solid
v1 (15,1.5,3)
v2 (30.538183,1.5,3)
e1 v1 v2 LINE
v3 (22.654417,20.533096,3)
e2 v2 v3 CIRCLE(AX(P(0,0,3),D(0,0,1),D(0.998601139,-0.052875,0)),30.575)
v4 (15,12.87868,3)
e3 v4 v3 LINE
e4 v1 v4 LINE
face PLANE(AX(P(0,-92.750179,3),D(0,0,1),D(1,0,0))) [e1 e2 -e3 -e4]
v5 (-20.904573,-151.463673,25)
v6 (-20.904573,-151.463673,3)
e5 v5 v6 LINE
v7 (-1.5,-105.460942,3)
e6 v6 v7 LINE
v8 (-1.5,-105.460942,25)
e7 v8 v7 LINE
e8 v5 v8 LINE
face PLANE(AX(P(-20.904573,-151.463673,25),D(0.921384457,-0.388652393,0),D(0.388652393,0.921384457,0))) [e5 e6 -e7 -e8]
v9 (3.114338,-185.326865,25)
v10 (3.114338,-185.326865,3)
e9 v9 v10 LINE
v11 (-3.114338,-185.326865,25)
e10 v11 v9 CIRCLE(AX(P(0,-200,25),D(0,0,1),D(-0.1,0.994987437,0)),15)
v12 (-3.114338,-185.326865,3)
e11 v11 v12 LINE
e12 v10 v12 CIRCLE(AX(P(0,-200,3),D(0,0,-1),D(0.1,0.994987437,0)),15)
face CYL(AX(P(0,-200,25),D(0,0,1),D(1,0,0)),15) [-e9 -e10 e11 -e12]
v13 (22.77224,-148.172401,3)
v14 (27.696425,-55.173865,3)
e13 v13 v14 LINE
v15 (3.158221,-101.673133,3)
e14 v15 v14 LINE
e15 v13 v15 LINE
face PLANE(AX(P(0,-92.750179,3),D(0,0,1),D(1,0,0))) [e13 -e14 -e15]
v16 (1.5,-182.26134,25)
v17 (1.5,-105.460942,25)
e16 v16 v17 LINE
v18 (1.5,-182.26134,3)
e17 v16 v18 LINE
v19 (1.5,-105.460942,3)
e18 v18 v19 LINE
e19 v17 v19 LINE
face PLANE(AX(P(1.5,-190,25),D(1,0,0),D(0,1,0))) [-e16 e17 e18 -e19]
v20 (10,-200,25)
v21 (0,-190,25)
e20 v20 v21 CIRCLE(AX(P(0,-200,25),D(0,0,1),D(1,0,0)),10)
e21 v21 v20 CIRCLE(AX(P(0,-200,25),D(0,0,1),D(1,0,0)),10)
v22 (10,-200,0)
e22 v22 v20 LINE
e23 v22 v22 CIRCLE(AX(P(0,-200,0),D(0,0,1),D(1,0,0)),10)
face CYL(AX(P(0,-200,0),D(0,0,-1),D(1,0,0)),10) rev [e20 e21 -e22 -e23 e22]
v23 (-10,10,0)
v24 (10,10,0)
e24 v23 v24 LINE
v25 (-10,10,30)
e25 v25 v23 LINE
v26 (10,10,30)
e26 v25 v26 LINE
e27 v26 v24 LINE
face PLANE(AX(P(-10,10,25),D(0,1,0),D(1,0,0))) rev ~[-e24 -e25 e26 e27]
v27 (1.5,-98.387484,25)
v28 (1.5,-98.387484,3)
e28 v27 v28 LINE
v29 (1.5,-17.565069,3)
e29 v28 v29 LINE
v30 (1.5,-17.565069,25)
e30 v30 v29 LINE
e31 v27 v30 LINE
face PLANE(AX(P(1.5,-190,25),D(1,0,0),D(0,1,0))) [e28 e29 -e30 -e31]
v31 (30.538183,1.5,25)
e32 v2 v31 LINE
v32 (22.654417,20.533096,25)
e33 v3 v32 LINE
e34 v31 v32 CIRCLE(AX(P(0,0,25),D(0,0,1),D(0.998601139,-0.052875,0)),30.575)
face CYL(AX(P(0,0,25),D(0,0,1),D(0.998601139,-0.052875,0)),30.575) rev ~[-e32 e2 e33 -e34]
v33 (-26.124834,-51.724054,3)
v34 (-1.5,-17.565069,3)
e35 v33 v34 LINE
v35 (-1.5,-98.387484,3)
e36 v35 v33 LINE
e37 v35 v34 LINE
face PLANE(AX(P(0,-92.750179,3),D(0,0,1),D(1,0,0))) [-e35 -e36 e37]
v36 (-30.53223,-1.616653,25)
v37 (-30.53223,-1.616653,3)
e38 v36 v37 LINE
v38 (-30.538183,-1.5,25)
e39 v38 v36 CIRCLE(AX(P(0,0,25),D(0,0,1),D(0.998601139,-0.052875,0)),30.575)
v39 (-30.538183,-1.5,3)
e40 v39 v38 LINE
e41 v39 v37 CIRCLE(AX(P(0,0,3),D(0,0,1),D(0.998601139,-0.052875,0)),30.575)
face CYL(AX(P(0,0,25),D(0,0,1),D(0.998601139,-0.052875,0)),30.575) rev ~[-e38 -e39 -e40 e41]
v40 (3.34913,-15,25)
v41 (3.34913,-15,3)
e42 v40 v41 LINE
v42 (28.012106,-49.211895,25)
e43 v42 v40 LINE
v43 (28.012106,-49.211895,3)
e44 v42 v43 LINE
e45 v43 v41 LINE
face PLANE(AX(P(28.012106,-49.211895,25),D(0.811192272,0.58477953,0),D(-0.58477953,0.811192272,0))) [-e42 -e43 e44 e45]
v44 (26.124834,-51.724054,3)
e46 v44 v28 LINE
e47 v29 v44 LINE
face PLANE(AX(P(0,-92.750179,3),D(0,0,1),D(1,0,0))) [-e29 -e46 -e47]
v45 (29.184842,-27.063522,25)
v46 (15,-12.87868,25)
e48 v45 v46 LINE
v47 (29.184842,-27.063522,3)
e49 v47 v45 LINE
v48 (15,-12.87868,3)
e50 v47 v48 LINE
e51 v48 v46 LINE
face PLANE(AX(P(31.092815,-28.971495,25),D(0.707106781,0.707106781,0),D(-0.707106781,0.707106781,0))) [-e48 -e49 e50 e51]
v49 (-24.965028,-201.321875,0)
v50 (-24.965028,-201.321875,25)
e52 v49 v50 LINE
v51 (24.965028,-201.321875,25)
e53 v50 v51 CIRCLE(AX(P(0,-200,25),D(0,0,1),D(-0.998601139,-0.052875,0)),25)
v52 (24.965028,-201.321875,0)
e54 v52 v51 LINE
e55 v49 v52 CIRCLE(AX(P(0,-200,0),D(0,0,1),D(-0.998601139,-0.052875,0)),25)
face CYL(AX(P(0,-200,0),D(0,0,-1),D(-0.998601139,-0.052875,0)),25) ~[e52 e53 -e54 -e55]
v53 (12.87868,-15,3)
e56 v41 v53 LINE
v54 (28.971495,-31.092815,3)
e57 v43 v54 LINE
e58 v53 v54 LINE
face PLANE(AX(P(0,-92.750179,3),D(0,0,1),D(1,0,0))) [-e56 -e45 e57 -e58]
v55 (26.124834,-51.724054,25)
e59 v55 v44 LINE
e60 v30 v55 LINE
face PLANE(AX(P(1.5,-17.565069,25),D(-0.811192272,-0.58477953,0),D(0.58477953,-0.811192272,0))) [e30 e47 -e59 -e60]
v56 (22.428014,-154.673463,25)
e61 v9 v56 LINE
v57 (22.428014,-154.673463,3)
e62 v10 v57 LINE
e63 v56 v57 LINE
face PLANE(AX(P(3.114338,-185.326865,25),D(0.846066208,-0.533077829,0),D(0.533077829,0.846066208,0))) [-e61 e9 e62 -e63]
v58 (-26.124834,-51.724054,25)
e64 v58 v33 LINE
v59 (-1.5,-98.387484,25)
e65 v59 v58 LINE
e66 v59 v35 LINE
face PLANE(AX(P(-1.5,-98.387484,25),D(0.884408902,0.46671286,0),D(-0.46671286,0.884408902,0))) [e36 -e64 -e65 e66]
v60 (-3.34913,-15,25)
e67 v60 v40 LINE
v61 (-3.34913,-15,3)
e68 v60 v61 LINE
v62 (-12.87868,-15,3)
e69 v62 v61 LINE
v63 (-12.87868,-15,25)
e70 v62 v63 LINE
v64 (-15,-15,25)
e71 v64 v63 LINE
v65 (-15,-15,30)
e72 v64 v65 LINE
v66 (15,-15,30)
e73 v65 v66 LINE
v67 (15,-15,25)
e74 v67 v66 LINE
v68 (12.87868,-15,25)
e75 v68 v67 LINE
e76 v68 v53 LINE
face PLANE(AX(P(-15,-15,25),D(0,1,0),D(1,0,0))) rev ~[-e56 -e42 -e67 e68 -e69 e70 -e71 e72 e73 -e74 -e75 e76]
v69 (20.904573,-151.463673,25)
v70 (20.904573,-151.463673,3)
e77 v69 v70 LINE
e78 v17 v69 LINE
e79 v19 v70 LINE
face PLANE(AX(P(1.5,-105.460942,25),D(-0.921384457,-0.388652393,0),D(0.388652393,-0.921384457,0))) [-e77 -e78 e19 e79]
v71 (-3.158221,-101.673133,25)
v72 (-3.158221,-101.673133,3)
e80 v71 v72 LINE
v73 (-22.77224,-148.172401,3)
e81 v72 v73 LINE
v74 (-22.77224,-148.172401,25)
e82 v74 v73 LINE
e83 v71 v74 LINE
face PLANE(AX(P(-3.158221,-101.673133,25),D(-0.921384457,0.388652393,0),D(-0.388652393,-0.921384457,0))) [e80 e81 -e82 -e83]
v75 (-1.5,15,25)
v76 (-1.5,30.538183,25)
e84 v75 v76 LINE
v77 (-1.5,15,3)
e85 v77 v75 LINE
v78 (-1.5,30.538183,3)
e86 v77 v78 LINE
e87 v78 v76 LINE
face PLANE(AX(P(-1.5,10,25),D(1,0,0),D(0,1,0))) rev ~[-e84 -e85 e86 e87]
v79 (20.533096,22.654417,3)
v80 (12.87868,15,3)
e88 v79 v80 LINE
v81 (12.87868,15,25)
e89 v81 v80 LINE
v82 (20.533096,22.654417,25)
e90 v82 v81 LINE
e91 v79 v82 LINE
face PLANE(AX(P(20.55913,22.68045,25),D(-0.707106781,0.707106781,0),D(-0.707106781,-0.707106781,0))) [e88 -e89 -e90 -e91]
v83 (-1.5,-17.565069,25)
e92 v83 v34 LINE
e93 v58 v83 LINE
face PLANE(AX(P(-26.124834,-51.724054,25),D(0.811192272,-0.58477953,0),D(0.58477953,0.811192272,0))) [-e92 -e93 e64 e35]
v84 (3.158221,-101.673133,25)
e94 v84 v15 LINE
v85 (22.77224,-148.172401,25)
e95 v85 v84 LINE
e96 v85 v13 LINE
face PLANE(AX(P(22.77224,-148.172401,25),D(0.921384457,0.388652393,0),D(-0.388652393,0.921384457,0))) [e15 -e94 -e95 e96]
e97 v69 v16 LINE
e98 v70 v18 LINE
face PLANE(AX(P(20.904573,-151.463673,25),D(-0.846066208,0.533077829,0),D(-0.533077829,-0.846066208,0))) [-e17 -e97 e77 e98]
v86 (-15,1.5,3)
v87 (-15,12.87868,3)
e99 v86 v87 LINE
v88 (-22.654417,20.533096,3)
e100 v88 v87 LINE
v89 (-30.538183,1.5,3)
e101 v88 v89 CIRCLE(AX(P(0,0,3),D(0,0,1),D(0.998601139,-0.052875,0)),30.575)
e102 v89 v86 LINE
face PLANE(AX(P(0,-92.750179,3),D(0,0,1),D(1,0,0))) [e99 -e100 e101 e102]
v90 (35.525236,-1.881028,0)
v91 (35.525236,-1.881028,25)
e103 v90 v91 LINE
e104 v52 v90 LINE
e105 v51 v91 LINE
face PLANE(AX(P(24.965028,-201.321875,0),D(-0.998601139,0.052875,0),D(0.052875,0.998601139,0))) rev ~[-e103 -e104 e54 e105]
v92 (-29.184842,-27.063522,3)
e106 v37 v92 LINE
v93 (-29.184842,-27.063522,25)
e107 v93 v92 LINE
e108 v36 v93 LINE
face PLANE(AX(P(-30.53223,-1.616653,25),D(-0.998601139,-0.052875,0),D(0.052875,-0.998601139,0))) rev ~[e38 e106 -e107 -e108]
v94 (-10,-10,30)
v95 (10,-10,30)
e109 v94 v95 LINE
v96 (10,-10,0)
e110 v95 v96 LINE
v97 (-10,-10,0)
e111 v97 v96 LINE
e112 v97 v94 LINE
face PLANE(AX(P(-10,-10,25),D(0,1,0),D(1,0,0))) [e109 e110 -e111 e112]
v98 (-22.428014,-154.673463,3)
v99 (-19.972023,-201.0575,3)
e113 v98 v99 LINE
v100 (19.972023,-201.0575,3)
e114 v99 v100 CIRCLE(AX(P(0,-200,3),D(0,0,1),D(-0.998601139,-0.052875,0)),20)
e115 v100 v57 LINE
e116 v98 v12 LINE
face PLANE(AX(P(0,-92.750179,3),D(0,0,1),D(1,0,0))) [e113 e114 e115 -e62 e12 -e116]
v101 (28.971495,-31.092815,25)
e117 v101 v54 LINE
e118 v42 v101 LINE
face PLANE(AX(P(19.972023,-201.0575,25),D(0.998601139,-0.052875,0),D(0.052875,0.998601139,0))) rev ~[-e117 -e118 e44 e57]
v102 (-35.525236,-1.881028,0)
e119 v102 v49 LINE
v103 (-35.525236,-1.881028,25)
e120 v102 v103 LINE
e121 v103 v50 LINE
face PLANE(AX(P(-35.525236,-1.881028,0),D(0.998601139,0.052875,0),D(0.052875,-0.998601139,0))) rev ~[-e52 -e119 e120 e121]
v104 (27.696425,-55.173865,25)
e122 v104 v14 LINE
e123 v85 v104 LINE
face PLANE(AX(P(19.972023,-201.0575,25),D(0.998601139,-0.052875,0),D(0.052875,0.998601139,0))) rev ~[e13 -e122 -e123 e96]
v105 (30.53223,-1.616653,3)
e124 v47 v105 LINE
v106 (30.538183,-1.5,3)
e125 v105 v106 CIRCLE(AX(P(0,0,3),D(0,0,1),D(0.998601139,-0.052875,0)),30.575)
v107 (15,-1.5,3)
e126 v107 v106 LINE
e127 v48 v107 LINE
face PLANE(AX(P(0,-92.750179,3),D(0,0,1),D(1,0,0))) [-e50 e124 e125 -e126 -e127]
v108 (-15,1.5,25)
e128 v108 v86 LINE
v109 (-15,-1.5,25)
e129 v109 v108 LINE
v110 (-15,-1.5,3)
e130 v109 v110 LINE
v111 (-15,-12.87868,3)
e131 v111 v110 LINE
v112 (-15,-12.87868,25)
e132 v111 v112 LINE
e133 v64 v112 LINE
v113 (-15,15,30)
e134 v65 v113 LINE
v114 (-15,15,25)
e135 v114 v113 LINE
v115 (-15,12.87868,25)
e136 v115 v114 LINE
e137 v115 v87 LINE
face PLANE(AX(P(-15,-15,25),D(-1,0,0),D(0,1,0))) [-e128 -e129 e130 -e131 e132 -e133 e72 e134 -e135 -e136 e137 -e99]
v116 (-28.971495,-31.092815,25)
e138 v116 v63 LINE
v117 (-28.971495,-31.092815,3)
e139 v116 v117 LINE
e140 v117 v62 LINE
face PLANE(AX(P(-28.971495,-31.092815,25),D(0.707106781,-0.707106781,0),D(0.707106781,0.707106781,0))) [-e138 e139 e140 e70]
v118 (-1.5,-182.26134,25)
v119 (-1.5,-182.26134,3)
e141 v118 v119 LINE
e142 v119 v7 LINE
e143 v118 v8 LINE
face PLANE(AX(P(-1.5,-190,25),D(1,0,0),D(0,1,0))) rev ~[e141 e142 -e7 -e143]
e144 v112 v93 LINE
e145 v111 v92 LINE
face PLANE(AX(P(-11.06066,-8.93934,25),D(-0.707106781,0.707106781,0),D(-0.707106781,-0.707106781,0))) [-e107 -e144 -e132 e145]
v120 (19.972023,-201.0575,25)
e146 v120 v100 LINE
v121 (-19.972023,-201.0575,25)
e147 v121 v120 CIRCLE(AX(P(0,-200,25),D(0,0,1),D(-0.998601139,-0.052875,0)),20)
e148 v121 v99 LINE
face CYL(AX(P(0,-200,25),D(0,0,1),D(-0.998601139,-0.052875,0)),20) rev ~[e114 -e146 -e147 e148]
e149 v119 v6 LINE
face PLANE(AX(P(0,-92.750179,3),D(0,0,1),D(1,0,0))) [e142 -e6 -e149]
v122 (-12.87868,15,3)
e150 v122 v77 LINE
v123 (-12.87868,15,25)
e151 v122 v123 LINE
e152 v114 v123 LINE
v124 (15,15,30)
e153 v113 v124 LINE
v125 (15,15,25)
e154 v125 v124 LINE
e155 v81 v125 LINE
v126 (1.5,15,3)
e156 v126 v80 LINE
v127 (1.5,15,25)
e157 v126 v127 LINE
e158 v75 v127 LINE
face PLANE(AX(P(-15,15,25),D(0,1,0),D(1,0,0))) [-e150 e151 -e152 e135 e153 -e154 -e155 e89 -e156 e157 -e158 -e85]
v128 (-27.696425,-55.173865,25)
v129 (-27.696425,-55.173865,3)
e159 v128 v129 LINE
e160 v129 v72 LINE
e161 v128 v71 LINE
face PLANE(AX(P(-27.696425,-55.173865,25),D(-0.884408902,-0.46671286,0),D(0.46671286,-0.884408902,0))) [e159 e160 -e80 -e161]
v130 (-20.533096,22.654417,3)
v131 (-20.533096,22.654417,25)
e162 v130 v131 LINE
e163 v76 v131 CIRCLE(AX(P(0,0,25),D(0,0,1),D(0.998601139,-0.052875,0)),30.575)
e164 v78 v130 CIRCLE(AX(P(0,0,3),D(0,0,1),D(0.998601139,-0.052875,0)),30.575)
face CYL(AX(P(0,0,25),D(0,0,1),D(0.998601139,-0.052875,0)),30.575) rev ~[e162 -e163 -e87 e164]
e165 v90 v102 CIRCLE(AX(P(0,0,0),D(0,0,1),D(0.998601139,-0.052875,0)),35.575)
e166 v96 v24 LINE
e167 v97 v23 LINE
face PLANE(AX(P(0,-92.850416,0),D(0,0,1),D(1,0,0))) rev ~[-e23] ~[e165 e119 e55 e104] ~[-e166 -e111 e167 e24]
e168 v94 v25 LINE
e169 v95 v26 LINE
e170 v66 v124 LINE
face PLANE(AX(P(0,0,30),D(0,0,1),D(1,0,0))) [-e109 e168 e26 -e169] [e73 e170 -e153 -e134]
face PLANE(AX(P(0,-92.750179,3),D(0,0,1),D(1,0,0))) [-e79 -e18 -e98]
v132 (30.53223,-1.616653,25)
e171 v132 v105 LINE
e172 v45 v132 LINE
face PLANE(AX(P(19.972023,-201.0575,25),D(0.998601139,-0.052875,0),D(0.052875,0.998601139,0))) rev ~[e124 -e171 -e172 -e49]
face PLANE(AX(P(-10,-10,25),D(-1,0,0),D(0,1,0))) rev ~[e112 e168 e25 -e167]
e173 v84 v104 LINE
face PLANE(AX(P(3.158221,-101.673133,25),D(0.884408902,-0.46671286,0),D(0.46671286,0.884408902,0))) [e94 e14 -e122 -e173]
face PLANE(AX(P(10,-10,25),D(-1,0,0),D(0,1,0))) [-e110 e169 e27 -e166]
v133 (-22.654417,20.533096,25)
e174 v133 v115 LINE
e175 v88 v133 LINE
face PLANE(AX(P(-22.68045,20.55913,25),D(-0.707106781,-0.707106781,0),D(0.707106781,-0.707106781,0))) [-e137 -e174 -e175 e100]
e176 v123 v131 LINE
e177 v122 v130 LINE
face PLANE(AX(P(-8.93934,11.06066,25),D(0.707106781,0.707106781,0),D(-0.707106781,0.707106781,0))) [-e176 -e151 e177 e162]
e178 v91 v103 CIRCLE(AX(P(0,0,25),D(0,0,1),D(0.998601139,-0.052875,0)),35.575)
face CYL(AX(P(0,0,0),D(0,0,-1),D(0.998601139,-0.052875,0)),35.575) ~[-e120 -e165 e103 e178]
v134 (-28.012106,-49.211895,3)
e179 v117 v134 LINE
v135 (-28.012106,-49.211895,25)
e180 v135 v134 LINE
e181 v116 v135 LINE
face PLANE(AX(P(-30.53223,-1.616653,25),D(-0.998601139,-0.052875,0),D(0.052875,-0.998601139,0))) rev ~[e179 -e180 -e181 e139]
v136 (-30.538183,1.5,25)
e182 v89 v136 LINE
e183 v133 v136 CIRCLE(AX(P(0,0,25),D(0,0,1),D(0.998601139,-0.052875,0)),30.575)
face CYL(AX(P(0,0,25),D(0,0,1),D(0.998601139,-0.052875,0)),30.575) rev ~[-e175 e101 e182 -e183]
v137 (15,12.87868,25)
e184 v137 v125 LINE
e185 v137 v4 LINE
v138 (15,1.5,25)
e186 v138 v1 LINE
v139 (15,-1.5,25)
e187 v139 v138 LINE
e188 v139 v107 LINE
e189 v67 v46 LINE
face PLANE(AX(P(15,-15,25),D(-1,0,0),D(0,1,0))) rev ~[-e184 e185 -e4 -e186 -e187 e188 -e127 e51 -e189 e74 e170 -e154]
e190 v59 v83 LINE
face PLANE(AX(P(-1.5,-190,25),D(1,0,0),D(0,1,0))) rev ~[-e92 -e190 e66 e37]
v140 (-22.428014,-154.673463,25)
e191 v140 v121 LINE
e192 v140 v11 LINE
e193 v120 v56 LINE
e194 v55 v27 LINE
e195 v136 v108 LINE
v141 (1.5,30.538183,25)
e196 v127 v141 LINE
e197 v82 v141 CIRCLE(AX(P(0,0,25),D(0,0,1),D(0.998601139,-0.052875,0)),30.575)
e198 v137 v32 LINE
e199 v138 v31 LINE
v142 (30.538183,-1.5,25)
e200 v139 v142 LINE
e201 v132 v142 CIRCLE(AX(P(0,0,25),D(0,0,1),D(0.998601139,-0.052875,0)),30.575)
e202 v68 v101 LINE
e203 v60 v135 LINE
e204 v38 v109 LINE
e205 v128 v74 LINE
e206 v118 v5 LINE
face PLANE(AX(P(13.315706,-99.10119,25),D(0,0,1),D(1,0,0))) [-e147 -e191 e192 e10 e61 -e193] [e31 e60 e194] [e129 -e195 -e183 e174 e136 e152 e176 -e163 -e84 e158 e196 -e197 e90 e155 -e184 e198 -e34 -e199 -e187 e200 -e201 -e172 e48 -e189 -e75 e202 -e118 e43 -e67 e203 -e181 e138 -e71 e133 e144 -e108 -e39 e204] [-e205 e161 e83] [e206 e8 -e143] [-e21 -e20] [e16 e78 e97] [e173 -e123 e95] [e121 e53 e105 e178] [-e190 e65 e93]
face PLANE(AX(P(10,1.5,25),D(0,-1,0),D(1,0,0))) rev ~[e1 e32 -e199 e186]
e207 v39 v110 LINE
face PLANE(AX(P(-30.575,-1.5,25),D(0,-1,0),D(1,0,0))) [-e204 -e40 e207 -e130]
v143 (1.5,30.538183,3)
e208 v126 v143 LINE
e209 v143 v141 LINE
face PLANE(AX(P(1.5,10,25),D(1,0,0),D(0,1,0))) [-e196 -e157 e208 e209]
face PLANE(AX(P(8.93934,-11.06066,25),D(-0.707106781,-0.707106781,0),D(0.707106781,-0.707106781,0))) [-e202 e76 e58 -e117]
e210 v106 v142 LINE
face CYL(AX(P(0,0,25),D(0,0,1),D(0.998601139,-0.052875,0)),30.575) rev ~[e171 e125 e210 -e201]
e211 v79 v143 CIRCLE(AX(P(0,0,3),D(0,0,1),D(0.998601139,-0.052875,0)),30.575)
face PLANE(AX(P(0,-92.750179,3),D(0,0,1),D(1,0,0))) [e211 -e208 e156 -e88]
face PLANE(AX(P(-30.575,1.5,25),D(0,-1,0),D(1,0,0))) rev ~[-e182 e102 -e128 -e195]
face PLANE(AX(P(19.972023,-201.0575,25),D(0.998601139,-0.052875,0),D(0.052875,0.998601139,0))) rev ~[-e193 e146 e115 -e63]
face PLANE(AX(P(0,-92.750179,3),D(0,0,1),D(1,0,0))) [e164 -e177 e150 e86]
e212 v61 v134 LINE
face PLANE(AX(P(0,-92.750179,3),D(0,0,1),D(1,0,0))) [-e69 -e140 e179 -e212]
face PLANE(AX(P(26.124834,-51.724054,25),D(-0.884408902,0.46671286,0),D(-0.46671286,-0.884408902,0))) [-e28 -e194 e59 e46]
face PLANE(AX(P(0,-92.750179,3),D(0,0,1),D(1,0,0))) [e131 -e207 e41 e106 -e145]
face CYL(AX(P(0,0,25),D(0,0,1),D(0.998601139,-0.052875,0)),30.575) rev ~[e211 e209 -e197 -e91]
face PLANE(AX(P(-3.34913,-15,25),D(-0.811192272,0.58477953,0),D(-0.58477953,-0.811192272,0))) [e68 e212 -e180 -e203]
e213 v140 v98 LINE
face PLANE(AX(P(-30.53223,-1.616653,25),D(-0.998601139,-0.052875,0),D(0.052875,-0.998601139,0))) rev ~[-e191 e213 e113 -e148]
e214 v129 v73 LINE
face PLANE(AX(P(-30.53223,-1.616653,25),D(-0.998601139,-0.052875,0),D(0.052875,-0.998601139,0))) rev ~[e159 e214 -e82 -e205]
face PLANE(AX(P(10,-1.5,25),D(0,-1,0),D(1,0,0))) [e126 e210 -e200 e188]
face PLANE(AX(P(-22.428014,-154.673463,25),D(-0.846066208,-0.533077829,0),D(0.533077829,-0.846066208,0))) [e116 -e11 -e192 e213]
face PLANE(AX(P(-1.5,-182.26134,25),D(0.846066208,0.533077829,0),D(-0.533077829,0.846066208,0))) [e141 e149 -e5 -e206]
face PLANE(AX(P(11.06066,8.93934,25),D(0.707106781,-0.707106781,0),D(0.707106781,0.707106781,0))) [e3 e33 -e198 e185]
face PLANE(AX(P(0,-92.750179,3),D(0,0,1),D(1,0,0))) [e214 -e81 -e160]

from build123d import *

# Parameters (mm, degrees)
SKETCH1_R           = 10
SKETCH1_W           = 20
SKETCH1_H           = 20
BOSS_EXTRUDE1_DEPTH = 25
SKETCH2_R           = 15
SKETCH2_W           = 30
SKETCH2_H           = 30
CUT_EXTRUDE1_DEPTH  = 22
SKETCH3_W           = 20.575
SKETCH3_H           = 3
SKETCH3_W_2         = 3
SKETCH3_H_2         = 20.575
SKETCH3_H_3         = 180
BOSS_EXTRUDE3_DEPTH = 22
BOSS_EXTRUDE4_DEPTH = 22
SKETCH7_W           = 30
SKETCH7_H           = 30
SKETCH7_W_2         = 20
SKETCH7_H_2         = 20
BOSS_EXTRUDE5_DEPTH = 5


with BuildPart() as part:
    # Sketch1 → Boss-Extrude1 (new body)
    with BuildSketch(Plane.XY):
        with BuildLine():
            Line((-35.525235512, -1.881028125), (-24.96502847, -201.321875))
            ThreePointArc((-24.96502847, -201.321875), (0, -225), (24.96502847, -201.321875))
            Line((24.96502847, -201.321875), (35.525235512, -1.881028125))
            ThreePointArc((35.525235512, -1.881028125), (0, 35.575), (-35.525235512, -1.881028125))
        make_face()
        with Locations((0, -200)):
            Circle(SKETCH1_R, mode=Mode.SUBTRACT)
        Rectangle(SKETCH1_W, SKETCH1_H, mode=Mode.SUBTRACT)
    extrude(amount=BOSS_EXTRUDE1_DEPTH)

    # Sketch2 → Cut-Extrude1 (cut)
    with BuildSketch(Plane.XY.offset(25)):
        with BuildLine():
            Line((-30.532229818, -1.616653125), (-19.972022776, -201.0575))
            ThreePointArc((-19.972022776, -201.0575), (0, -220), (19.972022776, -201.0575))
            Line((19.972022776, -201.0575), (30.532229818, -1.616653125))
            ThreePointArc((30.532229818, -1.616653125), (0, 30.575), (-30.532229818, -1.616653125))
        make_face()
        with Locations((0, -200)):
            Circle(SKETCH2_R, mode=Mode.SUBTRACT)
        Rectangle(SKETCH2_W, SKETCH2_H, mode=Mode.SUBTRACT)
    extrude(amount=-CUT_EXTRUDE1_DEPTH, mode=Mode.SUBTRACT)

    # Sketch3 → Boss-Extrude3 (add)
    with BuildSketch(Plane.XY.offset(25)):
        Polygon((-8.939339828, 11.060660172), (-20.559129663, 22.680450007), (-22.680450007, 20.559129663), (-11.060660172, 8.939339828), align=None)
        with Locations((-20.2875, 0)):
            Rectangle(SKETCH3_W, SKETCH3_H)
        with Locations((0, 20.2875)):
            Rectangle(SKETCH3_W_2, SKETCH3_H_2)
        with Locations((20.2875, 0)):
            Rectangle(SKETCH3_W, SKETCH3_H)
        with Locations((0, -100)):
            Rectangle(SKETCH3_W_2, SKETCH3_H_3)
        Polygon((11.060660172, 8.939339828), (22.680450007, 20.559129663), (20.559129663, 22.680450007), (8.939339828, 11.060660172), align=None)
        Polygon((8.939339828, -11.060660172), (28.971494515, -31.092814858), (31.092814858, -28.971494515), (11.060660172, -8.939339828), align=None)
        Polygon((-11.060660172, -8.939339828), (-31.092814858, -28.971494515), (-28.971494515, -31.092814858), (-8.939339828, -11.060660172), align=None)
    extrude(amount=-BOSS_EXTRUDE3_DEPTH)

    # Sketch6 → Boss-Extrude4 (add)
    with BuildSketch(Plane.XY.offset(25)):
        with BuildLine():
            Line((26.124834301, -51.724054412), (1.5, -98.387483985))
            Line((1.5, -98.387483985), (1.5, -105.460941502))
            Line((1.5, -105.460941502), (20.904572897, -151.463673485))
            Line((20.904572897, -151.463673485), (1.5, -182.26134041))
            Line((1.5, -182.26134041), (1.5, -185.075188443))
            ThreePointArc((1.5, -185.075188443), (2.310598263, -185.179030542), (3.11433813, -185.326864752))
            Line((3.11433813, -185.326864752), (22.428014316, -154.673463132))
            Line((22.428014316, -154.673463132), (22.772239511, -148.172400784))
            Line((22.772239511, -148.172400784), (3.158221033, -101.673132803))
            Line((3.158221033, -101.673132803), (27.696425353, -55.173864823))
            Line((27.696425353, -55.173864823), (28.012106126, -49.211894519))
            Line((28.012106126, -49.211894519), (3.349130043, -15))
            Line((3.349130043, -15), (1.5, -15))
            Line((1.5, -15), (1.5, -17.565069267))
            Line((1.5, -17.565069267), (26.124834301, -51.724054412))
        make_face()
        with BuildLine():
            Line((-1.5, -15), (-3.349130043, -15))
            Line((-3.349130043, -15), (-28.012106126, -49.211894519))
            Line((-28.012106126, -49.211894519), (-27.696425353, -55.173864823))
            Line((-27.696425353, -55.173864823), (-3.158221033, -101.673132803))
            Line((-3.158221033, -101.673132803), (-22.772239511, -148.172400784))
            Line((-22.772239511, -148.172400784), (-22.428014316, -154.673463132))
            Line((-22.428014316, -154.673463132), (-3.11433813, -185.326864752))
            ThreePointArc((-3.11433813, -185.326864752), (-2.310598263, -185.179030542), (-1.5, -185.075188443))
            Line((-1.5, -185.075188443), (-1.5, -182.26134041))
            Line((-1.5, -182.26134041), (-20.904572897, -151.463673485))
            Line((-20.904572897, -151.463673485), (-1.5, -105.460941502))
            Line((-1.5, -105.460941502), (-1.5, -98.387483985))
            Line((-1.5, -98.387483985), (-26.124834301, -51.724054412))
            Line((-26.124834301, -51.724054412), (-1.5, -17.565069267))
            Line((-1.5, -17.565069267), (-1.5, -15))
        make_face()
    extrude(amount=-BOSS_EXTRUDE4_DEPTH)

    # Sketch7 → Boss-Extrude5 (add)
    with BuildSketch(Plane.XY.offset(25)):
        Rectangle(SKETCH7_W, SKETCH7_H)
        Rectangle(SKETCH7_W_2, SKETCH7_H_2, mode=Mode.SUBTRACT)
    extrude(amount=BOSS_EXTRUDE5_DEPTH)


solid = part.part
